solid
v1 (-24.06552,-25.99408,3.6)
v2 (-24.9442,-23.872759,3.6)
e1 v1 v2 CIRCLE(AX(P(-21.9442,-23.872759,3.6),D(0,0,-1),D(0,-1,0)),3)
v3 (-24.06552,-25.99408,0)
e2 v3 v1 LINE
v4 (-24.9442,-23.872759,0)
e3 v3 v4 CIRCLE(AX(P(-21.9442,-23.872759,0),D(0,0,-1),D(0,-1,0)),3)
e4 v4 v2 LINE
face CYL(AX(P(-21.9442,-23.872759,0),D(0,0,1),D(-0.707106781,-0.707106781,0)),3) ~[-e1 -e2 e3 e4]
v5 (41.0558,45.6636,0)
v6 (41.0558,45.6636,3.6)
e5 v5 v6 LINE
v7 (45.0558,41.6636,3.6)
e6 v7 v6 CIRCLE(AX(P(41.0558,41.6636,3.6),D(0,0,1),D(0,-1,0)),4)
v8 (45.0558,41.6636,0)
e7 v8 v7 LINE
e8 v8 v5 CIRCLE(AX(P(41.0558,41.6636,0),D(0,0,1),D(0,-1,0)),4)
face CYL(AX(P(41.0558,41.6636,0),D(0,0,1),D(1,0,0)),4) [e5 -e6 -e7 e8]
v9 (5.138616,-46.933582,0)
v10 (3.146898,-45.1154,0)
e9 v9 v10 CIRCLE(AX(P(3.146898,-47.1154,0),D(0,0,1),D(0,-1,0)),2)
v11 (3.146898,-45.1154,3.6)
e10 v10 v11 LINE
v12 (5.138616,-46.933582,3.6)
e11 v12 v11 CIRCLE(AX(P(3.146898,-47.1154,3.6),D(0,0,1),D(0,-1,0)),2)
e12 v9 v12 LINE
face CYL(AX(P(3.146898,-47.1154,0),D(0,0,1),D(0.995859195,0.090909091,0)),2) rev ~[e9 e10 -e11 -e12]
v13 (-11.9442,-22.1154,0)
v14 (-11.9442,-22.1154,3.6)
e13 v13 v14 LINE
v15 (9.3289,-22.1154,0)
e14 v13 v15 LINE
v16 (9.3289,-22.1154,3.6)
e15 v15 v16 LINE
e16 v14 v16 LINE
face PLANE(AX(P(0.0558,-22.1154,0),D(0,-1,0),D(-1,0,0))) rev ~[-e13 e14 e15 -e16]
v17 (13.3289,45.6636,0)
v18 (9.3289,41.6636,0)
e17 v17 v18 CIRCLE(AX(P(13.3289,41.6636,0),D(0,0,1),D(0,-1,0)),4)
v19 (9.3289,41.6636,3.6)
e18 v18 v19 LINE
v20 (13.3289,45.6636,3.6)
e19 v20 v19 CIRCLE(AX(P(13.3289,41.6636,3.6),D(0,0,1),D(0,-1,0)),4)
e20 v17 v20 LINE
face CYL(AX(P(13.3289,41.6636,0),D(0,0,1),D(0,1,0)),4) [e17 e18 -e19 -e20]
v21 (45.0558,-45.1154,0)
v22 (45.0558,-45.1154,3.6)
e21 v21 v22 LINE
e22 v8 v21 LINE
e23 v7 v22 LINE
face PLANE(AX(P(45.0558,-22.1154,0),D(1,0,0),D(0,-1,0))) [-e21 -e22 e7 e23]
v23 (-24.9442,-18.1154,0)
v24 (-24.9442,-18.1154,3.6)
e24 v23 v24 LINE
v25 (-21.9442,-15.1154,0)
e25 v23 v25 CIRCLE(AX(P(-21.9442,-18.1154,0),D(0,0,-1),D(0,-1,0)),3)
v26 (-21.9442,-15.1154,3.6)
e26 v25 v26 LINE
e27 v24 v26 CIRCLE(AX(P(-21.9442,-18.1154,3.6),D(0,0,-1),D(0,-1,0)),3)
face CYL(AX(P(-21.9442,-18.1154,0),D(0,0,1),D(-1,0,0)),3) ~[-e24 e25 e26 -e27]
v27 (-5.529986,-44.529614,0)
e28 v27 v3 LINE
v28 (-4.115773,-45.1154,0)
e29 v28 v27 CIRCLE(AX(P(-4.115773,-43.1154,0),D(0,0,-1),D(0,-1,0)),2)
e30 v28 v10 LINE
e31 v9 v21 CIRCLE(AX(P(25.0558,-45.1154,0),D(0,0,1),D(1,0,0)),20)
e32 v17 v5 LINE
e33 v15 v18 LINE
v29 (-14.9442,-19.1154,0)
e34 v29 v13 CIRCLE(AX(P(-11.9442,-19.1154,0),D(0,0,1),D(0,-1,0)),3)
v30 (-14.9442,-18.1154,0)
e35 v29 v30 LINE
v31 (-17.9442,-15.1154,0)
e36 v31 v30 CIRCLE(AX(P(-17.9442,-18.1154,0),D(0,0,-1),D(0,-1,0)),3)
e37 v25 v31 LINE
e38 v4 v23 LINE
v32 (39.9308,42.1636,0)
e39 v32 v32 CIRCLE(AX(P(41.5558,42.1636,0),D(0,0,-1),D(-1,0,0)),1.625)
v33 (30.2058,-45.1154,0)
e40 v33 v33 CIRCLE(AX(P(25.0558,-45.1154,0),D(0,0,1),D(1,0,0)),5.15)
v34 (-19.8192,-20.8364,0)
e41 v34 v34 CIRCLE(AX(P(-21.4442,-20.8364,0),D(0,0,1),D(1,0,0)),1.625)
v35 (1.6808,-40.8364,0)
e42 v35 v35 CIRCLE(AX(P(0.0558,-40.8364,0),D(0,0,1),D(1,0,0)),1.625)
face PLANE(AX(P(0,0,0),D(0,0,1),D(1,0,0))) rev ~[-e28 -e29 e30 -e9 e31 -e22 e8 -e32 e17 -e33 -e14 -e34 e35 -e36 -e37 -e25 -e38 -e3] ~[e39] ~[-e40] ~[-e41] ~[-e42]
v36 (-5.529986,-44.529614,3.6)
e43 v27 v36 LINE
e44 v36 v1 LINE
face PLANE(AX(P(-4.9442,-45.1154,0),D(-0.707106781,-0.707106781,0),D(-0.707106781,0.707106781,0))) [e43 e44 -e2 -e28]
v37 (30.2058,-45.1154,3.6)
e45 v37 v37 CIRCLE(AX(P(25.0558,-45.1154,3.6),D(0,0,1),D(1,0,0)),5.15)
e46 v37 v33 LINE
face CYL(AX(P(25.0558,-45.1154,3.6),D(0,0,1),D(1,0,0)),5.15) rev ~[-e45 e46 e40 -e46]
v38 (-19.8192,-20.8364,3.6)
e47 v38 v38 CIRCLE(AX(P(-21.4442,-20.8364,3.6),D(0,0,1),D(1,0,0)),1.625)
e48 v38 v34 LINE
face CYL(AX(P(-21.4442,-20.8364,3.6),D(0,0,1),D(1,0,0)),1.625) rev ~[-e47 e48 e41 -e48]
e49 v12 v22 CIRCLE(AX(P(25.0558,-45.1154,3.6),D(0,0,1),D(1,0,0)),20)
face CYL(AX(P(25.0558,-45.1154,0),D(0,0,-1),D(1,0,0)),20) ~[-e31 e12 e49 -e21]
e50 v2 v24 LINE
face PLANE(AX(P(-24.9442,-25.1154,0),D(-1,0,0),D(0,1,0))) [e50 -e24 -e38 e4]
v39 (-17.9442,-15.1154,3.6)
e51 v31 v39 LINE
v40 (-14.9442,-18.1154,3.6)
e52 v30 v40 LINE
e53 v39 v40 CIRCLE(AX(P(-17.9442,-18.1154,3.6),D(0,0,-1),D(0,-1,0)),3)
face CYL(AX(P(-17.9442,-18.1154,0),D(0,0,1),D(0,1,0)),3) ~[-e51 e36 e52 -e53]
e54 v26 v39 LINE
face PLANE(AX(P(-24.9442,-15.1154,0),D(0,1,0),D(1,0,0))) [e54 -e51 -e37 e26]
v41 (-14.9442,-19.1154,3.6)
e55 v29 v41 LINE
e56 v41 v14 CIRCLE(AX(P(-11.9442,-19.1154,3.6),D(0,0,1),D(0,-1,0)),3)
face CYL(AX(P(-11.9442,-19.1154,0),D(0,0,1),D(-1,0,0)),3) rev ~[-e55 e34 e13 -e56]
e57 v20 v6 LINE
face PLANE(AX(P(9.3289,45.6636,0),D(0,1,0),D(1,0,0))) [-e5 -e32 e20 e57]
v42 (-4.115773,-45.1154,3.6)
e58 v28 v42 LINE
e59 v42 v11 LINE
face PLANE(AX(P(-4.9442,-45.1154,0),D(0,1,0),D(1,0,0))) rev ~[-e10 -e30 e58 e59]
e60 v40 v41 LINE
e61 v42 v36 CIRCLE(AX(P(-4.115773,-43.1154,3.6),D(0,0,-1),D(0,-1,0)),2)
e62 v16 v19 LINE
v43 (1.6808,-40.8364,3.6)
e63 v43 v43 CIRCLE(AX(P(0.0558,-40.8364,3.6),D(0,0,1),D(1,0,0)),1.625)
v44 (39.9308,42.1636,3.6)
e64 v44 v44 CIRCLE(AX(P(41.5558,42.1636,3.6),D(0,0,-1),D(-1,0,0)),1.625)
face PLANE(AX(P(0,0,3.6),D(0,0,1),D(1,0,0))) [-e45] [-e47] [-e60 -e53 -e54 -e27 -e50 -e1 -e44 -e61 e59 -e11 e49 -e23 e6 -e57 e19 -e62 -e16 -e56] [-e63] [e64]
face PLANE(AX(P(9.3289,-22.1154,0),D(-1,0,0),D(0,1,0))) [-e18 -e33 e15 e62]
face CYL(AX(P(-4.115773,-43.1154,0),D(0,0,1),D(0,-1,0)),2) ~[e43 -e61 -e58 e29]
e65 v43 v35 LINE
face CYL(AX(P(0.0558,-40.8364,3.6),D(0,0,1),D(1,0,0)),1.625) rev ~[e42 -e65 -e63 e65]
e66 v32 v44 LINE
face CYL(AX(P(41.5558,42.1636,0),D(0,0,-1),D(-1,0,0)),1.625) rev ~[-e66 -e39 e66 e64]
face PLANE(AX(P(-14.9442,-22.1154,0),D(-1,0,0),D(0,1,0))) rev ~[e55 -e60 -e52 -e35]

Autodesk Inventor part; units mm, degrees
ref_plane "YZ Plane" through (0, 0, 0) normal (1, 0, 0) x (0, 1, 0)
ref_plane "XZ Plane" through (0, 0, 0) normal (0, 1, 0) x (-1, 0, 0)
ref_plane "XY Plane" through (0, 0, 0) normal (0, 0, 1) x (1, 0, 0)
sketch "Sketch1" plane through (0, 0, 0) normal (0, 0, 1) x (1, 0, 0)
  circle A0 centre (25.0558, -45.1154) radius 20
  line L0 (45.0558, -45.1154) -> (31.0558, -45.1154)
  line L1 (31.0558, -45.1154) -> (31.0558, -22.1154)
  line L2 (31.0558, -22.1154) -> (45.0558, -22.1154)
  line L3 (45.0558, -22.1154) -> (45.0558, -45.1154)
  line L4 (31.0558, -22.1154) -> (-4.9442, -22.1154)
  line L5 (-4.9442, -22.1154) -> (-4.9442, -45.1154)
  line L6 (-4.9442, -45.1154) -> (31.0558, -45.1154)
  line L7 (31.0558, -45.1154) -> (31.0558, -22.1154)
  line L8 (-4.9442, -45.1154) -> (-24.9442, -25.1154)
  line L9 (-24.9442, -25.1154) -> (-24.9442, -15.1154)
  line L10 (-24.9442, -15.1154) -> (-4.9442, -15.1154)
  line L11 (-4.9442, -15.1154) -> (-4.9442, -22.1154)
  point P0 (0, 0)
  dimension "d0" = 40
  dimension "d1" = 14
  dimension "d2" = 23
  dimension "d20" = 0
  dimension "d21" = 23
  dimension "d22" = 30
  dimension "d23" = 20
  dimension "d24" = 50
  dimension "d45" = 10
extrude "Extrusion1" add sketch "Sketch1" along normal blind 3.6
sketch "Sketch2" plane through (0, 0, 3.6) normal (0, 0, 1) x (1, 0, 0)
  arc A0 (5.0558, -45.1154) -> (45.0558, -45.1154) centre (25.0558, -45.1154) ccw projected
  circle A1 centre (25.0558, -45.1154) radius 5.15
  circle A2 centre (0.0558, -40.8364) radius 1.625
  line L0 (-4.9442, -22.1154) -> (-4.9442, -45.1154) projected
  line L1 (-4.9442, -45.1154) -> (5.0558, -45.1154) projected
  line L2 (45.0558, -45.1154) -> (45.0558, -22.1154) projected
  line L3 (45.0558, -22.1154) -> (-4.9442, -22.1154) projected
  circle A3 centre (-21.4442, -20.8364) radius 1.625
  point P0 (0, 0)
  point P1 (30.9974, -15.1154)
  dimension "d5" = 10.3
  dimension "d6" = 3.25
  dimension "d10" = 4.279
  dimension "d18" = 23
  dimension "d25" = 3.25
  dimension "d26" = 20
  dimension "d27" = 21.5
extrude "Extrusion2" cut sketch "Sketch2" against normal blind 20 contours A1 | A2 | A3
fillet "Fillet1" radius 2 4 edges at (45.0558, -22.1154, 1.8) (-4.9442, -45.1154, 1.8) (-4.9442, -22.1154, 1.8) (5.0558, -45.1154, 1.8)
fillet "Fillet2" radius 3 3 edges at (-24.9442, -25.1154, 1.8) (-24.9442, -15.1154, 1.8) (-4.9442, -15.1154, 1.8)
sketch "Sketch3" plane through (0, 0, 0) normal (0, 0, -1) x (-1, 0, 0)
  line L0 (7.9442, -15.1154) -> (21.9442, -15.1154) projected
  line L1 (14.9442, -15.1154) -> (-0.0558, -15.1154)
  line L2 (-0.0558, -15.1154) -> (-0.0558, -22.1154)
  line L3 (-0.0558, -22.1154) -> (14.9442, -22.1154)
  line L4 (14.9442, -22.1154) -> (14.9442, -15.1154)
  line L5 (4.9442, -19.1154) -> (4.9442, -18.1154) projected
  point P0 (0, 0)
  dimension "d29" = 7
  dimension "d32" = 15
  dimension "d33" = 5
extrude "Extrusion3" cut sketch "Sketch3" against normal blind 10
fillet "Fillet3" radius 3 2 edges at (-14.9442, -15.1154, 1.8) (-14.9442, -22.1154, 1.8)
sketch "Sketch4" plane through (0, 0, 0) normal (0, 0, -1) x (-1, 0, 0)
  line L0 (-45.0558, -45.1154) -> (-45.0558, -24.1154) projected
  line L1 (-45.0558, -28.8196) -> (-9.3289, -28.8196)
  line L2 (-9.3289, -28.8196) -> (-9.3289, 45.6636)
  line L3 (-9.3289, 45.6636) -> (-45.0558, 45.6636)
  line L4 (-45.0558, 45.6636) -> (-45.0558, -28.8196)
  line L5 (-43.0558, -22.1154) -> (11.9442, -22.1154) projected
  circle A0 centre (-0.0558, -40.8364) radius 1.625 projected
  point P0 (0, 0)
  dimension "d36" = 86.5
extrude "Extrusion4" add sketch "Sketch4" against normal blind 3.6 contours L0 L4 L3 L2 L1
fillet "Fillet4" radius 4 2 edges at (9.3289, 45.6636, 1.8) (45.0558, 45.6636, 1.8)
sketch "Sketch5" plane through (0, 0, 0) normal (0, 0, -1) x (-1, 0, 0)
  circle A0 centre (-41.5558, 42.1636) radius 1.625
  line L0 (-13.3289, 45.6636) -> (-41.0558, 45.6636) projected
  line L1 (-45.0558, 41.6636) -> (-45.0558, -45.1154) projected
  point P0 (0, 0)
  point P1 (-41.0558, 41.6636)
  dimension "d40" = 3.25
  dimension "d43" = 3.5
  dimension "d44" = 3.5
extrude "Extrusion5" cut sketch "Sketch5" against normal blind 5
properties part number "p6"
